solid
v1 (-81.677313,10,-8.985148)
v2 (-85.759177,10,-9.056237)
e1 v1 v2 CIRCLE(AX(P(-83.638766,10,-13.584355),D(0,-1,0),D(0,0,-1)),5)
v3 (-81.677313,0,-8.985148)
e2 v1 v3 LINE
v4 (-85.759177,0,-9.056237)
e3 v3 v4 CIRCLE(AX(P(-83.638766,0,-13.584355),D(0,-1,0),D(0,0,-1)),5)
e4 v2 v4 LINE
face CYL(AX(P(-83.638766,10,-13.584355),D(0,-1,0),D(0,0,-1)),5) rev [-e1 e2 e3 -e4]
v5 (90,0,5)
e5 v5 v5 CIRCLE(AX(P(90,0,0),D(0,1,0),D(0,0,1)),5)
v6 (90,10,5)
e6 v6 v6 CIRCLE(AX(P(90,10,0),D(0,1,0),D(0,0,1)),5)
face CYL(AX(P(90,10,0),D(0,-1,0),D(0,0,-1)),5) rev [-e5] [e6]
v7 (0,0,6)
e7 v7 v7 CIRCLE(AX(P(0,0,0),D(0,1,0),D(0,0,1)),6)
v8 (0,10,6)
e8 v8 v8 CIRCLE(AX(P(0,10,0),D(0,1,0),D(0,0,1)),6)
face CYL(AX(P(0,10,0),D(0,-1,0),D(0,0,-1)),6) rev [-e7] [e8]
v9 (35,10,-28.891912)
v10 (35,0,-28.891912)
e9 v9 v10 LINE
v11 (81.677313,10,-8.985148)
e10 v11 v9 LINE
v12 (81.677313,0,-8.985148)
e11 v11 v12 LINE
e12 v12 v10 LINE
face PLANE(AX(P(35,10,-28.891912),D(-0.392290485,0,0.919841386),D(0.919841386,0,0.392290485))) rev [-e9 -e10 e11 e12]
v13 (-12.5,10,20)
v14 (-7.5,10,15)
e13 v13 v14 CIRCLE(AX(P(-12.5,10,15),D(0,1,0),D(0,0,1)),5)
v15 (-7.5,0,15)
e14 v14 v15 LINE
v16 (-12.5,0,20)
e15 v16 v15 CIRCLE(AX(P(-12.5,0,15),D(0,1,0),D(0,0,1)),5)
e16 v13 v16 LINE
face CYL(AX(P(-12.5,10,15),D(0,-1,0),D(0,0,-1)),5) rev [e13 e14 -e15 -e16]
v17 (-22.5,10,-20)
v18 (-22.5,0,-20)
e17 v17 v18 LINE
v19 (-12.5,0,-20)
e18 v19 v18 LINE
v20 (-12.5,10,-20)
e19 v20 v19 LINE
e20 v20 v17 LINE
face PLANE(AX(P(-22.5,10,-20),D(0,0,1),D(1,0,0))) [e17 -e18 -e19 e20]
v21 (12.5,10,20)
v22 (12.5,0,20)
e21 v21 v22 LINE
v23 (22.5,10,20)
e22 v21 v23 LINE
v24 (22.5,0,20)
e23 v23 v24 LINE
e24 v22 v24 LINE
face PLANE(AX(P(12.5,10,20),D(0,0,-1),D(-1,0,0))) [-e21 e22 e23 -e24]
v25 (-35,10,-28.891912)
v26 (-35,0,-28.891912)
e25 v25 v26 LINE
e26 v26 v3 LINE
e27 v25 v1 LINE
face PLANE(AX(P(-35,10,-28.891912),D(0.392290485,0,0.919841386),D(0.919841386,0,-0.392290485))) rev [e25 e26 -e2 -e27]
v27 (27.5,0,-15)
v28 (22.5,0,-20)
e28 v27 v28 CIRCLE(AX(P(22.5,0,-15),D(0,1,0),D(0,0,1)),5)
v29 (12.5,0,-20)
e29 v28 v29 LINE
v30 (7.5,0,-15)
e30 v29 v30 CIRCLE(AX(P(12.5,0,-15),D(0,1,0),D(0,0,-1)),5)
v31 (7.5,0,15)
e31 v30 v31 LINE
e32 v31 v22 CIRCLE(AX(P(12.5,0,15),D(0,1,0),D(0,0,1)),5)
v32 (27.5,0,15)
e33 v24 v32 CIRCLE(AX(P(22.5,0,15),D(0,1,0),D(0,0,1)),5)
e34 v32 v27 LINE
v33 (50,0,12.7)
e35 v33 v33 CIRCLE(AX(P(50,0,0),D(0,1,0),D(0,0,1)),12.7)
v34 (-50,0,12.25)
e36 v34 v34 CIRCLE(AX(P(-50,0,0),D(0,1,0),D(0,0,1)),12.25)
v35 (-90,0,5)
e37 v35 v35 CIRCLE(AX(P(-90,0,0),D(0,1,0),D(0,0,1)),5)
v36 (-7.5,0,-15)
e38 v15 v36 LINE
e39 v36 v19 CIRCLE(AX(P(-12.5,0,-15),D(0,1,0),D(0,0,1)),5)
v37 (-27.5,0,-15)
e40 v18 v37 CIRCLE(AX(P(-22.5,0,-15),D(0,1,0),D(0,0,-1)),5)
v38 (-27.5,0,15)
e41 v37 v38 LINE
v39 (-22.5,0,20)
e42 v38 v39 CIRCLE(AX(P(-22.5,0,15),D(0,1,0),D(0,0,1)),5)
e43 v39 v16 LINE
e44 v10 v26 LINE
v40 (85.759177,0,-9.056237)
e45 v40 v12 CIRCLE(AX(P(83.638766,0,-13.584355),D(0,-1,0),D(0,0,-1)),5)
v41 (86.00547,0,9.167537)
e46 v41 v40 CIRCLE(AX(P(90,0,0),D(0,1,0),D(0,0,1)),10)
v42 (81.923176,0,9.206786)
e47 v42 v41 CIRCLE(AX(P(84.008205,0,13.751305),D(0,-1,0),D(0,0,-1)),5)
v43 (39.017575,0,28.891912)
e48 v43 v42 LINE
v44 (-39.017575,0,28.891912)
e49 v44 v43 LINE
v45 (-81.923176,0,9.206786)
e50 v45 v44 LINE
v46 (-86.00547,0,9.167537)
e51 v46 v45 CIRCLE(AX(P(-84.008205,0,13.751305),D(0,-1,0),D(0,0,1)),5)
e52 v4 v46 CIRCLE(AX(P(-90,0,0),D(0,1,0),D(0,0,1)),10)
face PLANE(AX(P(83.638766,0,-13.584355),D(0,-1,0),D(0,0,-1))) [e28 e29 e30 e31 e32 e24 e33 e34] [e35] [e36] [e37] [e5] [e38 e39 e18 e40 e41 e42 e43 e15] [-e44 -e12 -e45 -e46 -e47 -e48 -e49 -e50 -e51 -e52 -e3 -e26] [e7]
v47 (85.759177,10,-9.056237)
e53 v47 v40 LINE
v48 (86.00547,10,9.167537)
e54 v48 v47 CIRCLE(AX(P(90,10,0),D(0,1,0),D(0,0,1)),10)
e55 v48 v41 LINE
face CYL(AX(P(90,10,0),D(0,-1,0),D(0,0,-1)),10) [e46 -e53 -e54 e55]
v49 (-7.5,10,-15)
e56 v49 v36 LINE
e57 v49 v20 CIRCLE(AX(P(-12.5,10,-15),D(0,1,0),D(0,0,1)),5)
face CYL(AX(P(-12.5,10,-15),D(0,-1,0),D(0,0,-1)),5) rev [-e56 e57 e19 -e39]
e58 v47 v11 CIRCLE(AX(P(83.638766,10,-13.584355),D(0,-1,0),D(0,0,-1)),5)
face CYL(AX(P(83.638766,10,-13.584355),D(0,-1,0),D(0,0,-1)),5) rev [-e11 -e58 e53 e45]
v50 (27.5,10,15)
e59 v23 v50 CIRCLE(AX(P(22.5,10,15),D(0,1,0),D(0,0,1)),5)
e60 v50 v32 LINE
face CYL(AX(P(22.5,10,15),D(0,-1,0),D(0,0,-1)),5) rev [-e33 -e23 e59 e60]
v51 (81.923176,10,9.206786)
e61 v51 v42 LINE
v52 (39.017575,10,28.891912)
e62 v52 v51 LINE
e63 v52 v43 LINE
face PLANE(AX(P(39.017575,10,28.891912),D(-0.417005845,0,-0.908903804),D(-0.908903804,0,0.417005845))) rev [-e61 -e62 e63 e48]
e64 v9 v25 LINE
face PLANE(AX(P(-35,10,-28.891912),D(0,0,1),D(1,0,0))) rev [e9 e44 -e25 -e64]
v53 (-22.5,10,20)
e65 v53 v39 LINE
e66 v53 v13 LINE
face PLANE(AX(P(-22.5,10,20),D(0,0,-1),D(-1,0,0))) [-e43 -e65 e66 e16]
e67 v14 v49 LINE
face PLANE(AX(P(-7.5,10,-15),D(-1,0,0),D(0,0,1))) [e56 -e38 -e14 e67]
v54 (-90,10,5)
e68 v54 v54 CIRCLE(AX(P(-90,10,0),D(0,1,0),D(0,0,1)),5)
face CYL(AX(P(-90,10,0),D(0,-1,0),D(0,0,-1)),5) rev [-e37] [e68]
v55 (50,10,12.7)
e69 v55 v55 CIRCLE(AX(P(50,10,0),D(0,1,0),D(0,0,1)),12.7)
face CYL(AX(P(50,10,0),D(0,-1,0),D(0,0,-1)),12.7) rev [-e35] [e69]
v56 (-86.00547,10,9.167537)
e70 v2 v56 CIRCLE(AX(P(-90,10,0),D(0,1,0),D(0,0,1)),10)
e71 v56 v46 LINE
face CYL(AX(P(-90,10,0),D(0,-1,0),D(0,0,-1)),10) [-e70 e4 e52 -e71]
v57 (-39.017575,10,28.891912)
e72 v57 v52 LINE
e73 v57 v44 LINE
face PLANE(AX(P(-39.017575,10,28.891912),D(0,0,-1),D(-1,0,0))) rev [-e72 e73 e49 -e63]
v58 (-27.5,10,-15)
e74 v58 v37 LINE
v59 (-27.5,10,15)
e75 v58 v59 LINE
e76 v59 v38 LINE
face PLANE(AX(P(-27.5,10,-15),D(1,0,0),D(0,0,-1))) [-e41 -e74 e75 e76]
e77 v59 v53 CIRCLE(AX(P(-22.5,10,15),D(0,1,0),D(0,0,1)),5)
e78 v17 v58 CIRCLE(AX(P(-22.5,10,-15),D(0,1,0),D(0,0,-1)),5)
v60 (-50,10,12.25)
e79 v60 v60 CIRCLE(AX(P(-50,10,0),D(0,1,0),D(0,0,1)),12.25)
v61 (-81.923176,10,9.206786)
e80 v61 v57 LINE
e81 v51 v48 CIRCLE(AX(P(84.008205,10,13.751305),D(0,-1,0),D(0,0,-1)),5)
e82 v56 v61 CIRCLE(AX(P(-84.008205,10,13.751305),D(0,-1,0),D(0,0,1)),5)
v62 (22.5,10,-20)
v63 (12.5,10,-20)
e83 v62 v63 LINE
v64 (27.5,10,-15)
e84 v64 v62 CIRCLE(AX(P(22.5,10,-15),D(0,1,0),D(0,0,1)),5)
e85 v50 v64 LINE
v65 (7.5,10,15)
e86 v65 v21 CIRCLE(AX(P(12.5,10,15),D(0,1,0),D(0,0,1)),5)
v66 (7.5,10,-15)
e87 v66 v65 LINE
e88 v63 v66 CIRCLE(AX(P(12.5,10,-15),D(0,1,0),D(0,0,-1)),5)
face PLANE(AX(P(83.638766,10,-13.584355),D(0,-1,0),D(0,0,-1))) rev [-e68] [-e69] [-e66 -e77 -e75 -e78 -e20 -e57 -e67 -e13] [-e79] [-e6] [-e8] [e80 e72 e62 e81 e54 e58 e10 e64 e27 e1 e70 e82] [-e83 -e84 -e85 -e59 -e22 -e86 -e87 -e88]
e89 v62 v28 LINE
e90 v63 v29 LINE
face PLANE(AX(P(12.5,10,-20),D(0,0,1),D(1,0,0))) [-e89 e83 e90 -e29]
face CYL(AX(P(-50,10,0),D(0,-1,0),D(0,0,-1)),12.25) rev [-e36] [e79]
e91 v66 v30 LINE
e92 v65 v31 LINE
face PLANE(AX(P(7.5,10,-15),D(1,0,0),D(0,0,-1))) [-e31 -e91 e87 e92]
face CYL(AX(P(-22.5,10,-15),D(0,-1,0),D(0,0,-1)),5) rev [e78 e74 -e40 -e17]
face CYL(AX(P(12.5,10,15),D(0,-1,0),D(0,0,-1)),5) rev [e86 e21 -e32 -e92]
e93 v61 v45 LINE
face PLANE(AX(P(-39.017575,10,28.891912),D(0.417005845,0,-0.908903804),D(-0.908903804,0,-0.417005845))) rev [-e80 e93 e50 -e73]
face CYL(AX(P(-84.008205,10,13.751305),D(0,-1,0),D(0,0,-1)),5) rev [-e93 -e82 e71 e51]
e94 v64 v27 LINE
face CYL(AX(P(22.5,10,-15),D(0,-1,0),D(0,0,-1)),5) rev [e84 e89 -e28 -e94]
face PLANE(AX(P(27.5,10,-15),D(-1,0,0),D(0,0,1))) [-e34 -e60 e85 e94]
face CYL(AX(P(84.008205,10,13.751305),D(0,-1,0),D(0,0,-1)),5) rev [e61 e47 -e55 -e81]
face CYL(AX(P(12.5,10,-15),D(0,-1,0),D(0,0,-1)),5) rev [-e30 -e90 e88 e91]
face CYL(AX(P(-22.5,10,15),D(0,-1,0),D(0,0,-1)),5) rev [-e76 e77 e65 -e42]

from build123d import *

# Parameters (mm, degrees)
CROQUIS1_R              = 12.7
CROQUIS1_R_2            = 12.25
CROQUIS1_R_3            = 5
CROQUIS1_R_4            = 6
SALIENTE_EXTRUIR1_DEPTH = 10


with BuildPart() as part:
    # Croquis1 → Saliente-Extruir1 (new body)
    with BuildSketch(Plane(origin=(0, 0, 0), x_dir=(1, 0, 0), z_dir=(0, 1, 0))):
        with BuildLine():
            Line((-35, 28.891912333), (35, 28.891912333))
            Line((35, 28.891912333), (81.677313088, 8.985147888))
            ThreePointArc((81.677313088, 8.985147888), (83.725830982, 8.585112915), (85.759177009, 9.056236545))
            ThreePointArc((85.759177009, 9.056236545), (99.999086859, 0.13513694), (86.005469996, -9.167536749))
            ThreePointArc((86.005469996, -9.167536749), (83.960134549, -8.751536206), (81.923175769, -9.206786103))
            Line((81.923175769, -9.206786103), (39.017575448, -28.891912333))
            Line((39.017575448, -28.891912333), (-39.017575448, -28.891912333))
            Line((-39.017575448, -28.891912333), (-81.923175769, -9.206786103))
            ThreePointArc((-81.923175769, -9.206786103), (-83.960134549, -8.751536206), (-86.005469996, -9.167536749))
            ThreePointArc((-86.005469996, -9.167536749), (-99.999086859, 0.13513694), (-85.759177009, 9.056236545))
            ThreePointArc((-85.759177009, 9.056236545), (-83.725830982, 8.585112915), (-81.677313088, 8.985147888))
            Line((-81.677313088, 8.985147888), (-35, 28.891912333))
        make_face()
        with Locations(Location((50, 0, 0), (0, 0, 270))):
            Circle(CROQUIS1_R, mode=Mode.SUBTRACT)
        with Locations(Location((-50, 0, 0), (0, 0, 270))):
            Circle(CROQUIS1_R_2, mode=Mode.SUBTRACT)
        with Locations(Location((-90, 0, 0), (0, 0, 270))):
            Circle(CROQUIS1_R_3, mode=Mode.SUBTRACT)
        with Locations(Location((90, 0, 0), (0, 0, 270))):
            Circle(CROQUIS1_R_3, mode=Mode.SUBTRACT)
        with Locations(Location((0, 0, 0), (0, 0, 270))):
            Circle(CROQUIS1_R_4, mode=Mode.SUBTRACT)
        with BuildLine():
            Line((-22.5, 20), (-12.5, 20))
            ThreePointArc((-12.5, 20), (-8.964466094, 18.535533906), (-7.5, 15))
            Line((-7.5, 15), (-7.5, -15))
            ThreePointArc((-7.5, -15), (-8.964466094, -18.535533906), (-12.5, -20))
            Line((-12.5, -20), (-22.5, -20))
            ThreePointArc((-22.5, -20), (-26.035533906, -18.535533906), (-27.5, -15))
            Line((-27.5, -15), (-27.5, 15))
            ThreePointArc((-27.5, 15), (-26.035533906, 18.535533906), (-22.5, 20))
        make_face(mode=Mode.SUBTRACT)
        with BuildLine():
            Line((12.5, 20), (22.5, 20))
            ThreePointArc((22.5, 20), (26.035533906, 18.535533906), (27.5, 15))
            Line((27.5, 15), (27.5, -15))
            ThreePointArc((27.5, -15), (26.035533906, -18.535533906), (22.5, -20))
            Line((22.5, -20), (12.5, -20))
            ThreePointArc((12.5, -20), (8.964466094, -18.535533906), (7.5, -15))
            Line((7.5, -15), (7.5, 15))
            ThreePointArc((7.5, 15), (8.964466094, 18.535533906), (12.5, 20))
        make_face(mode=Mode.SUBTRACT)
    extrude(amount=SALIENTE_EXTRUIR1_DEPTH)


solid = part.part
